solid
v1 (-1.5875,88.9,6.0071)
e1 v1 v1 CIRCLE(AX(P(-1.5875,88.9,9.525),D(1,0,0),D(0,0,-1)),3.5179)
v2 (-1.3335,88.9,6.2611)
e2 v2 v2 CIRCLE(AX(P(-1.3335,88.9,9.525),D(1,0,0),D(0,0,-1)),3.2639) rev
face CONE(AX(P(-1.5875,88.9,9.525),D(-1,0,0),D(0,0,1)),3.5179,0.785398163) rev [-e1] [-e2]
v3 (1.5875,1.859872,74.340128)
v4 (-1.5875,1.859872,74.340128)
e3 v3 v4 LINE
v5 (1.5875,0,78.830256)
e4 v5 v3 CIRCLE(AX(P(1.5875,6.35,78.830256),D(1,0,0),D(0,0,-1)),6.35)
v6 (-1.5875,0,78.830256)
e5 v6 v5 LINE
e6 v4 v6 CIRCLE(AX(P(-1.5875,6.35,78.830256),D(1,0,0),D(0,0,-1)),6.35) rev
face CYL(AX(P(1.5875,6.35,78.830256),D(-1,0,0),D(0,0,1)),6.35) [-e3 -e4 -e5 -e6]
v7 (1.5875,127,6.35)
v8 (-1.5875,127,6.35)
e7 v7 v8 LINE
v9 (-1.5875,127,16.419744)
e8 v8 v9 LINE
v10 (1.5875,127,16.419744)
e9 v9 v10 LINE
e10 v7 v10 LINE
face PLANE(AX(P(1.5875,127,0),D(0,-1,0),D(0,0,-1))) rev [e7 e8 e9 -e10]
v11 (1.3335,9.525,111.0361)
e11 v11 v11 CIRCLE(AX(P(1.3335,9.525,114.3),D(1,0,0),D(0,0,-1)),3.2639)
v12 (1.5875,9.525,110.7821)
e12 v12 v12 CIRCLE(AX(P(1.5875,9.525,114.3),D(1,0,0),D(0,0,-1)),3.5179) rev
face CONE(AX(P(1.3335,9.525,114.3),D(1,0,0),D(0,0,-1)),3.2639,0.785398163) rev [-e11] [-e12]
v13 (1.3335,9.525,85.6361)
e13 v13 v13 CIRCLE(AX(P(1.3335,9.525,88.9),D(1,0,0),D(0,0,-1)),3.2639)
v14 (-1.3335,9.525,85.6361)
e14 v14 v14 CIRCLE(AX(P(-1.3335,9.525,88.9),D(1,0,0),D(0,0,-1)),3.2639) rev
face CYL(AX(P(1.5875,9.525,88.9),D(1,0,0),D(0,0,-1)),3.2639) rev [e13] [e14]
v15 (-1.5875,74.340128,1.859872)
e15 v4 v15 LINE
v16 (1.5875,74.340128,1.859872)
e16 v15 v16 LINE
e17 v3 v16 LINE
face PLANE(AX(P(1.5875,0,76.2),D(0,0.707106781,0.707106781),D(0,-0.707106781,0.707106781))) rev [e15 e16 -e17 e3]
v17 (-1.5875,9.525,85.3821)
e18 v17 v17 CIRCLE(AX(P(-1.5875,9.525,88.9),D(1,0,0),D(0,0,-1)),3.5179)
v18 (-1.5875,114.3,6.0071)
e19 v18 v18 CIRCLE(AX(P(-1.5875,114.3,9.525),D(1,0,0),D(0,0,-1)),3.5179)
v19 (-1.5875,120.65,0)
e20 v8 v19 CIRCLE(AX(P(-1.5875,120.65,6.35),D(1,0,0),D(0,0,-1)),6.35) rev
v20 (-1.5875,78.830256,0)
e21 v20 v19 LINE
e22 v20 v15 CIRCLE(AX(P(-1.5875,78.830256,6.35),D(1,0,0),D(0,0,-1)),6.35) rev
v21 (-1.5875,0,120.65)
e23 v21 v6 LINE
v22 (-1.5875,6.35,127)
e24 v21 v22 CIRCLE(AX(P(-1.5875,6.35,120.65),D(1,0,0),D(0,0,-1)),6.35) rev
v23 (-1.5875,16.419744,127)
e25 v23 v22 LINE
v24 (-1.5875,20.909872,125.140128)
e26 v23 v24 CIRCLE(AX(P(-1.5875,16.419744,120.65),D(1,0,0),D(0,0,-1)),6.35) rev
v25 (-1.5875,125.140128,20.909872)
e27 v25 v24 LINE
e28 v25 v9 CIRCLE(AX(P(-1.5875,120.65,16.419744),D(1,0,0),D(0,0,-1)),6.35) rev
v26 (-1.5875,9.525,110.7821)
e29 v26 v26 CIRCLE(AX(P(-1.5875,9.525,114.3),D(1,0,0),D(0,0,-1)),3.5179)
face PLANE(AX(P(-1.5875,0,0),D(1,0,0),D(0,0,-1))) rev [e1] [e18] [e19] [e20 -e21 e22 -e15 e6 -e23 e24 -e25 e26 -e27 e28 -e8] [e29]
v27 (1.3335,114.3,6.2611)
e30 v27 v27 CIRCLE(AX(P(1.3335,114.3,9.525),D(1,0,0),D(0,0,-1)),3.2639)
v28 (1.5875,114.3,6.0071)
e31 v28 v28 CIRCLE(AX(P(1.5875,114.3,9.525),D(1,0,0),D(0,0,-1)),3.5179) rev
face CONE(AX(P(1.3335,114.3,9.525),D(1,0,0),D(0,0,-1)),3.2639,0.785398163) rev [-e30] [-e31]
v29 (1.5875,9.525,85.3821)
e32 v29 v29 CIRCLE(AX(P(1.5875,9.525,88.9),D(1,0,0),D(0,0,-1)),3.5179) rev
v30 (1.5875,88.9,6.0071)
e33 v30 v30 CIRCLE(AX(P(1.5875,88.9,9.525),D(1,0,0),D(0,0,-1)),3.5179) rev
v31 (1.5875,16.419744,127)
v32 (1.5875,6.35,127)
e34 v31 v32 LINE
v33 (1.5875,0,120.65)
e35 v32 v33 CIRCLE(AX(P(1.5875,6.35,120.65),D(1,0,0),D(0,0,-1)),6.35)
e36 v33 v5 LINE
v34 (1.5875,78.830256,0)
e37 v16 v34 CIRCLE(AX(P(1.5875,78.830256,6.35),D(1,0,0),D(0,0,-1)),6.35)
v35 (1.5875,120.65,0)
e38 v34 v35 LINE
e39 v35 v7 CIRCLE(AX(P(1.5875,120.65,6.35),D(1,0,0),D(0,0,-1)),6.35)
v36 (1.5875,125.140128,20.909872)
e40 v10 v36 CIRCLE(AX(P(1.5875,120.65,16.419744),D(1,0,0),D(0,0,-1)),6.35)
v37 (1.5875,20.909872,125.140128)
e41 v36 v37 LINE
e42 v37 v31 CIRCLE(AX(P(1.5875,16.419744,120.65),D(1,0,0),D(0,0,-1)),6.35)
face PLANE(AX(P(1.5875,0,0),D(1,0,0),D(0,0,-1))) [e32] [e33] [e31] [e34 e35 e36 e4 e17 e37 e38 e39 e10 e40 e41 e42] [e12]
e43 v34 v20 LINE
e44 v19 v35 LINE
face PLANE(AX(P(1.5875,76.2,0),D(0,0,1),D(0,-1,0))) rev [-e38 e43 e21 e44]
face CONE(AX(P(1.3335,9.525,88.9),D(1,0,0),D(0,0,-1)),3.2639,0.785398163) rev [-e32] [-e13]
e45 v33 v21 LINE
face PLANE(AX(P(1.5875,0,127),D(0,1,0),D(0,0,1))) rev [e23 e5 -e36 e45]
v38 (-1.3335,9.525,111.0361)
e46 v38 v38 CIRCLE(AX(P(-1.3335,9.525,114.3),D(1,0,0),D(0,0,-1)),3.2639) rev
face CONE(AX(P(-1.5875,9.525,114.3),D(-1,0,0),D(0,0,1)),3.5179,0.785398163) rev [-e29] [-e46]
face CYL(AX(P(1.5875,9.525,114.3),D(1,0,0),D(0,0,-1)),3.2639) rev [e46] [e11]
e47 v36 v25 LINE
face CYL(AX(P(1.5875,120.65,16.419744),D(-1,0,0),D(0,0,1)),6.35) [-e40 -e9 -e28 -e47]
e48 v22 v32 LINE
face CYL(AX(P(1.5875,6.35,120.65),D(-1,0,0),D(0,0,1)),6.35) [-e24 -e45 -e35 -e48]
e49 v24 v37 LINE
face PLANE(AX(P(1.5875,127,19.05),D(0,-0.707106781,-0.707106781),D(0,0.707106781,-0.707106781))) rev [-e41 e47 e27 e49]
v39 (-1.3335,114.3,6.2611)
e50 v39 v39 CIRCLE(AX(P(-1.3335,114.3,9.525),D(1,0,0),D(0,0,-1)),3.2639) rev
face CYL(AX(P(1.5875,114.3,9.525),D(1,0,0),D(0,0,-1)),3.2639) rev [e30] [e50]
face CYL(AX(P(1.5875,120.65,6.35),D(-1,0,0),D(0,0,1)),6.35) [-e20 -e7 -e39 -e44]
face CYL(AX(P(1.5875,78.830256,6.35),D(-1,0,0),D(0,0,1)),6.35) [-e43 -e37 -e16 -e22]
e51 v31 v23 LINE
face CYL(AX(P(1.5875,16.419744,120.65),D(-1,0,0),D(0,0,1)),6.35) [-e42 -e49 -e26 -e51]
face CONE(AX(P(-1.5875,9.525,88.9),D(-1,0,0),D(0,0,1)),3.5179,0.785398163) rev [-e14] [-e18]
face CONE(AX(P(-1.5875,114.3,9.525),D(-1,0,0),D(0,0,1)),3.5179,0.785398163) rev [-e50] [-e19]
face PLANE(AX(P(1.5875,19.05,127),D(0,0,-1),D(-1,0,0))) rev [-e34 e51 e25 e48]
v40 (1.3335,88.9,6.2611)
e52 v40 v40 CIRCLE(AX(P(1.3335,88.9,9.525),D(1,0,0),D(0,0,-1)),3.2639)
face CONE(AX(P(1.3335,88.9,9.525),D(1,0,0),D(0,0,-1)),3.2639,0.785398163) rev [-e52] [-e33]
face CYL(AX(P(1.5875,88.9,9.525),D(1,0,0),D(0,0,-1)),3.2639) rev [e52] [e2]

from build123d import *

# Parameters (mm, degrees)
BOSS_EXTRUDE1_DEPTH     = 1.5875
F_1_4_CLEARANCE_HOLE1_D = 6.5278
FILLET1_R               = 6.35
CHAMFER1_SIZE           = 0.254


with BuildPart() as part:
    # Sketch1 → Boss-Extrude1 (new, symmetric)
    with BuildSketch(Plane(origin=(0, 0, 0), x_dir=(0, 0, -1), z_dir=(1, 0, 0))):
        Polygon((0, 127), (-19.05, 127), (-127, 19.05), (-127, 0), (-76.2, 0), (0, 76.2), align=None)
    extrude(amount=BOSS_EXTRUDE1_DEPTH, both=True)

    # 1/4 Clearance Hole1 (through all)
    with Locations(Plane(origin=(1.5875, 0, 0), x_dir=(0, 0, -1), z_dir=(1, 0, 0))):
        with Locations((-114.3, 9.525), (-88.9, 9.525), (-9.525, 88.9), (-9.525, 114.3)):
            Hole(F_1_4_CLEARANCE_HOLE1_D / 2)

    # Fillet1
    fillet1_edges = [part.edges().sort_by_distance(p)[0] for p in [
        (0, 76.2, 0),
        (0, 0, 76.2),
        (0, 0, 127),
        (0, 19.05, 127),
        (0, 127, 19.05),
        (0, 127, 0),
    ]]
    fillet(fillet1_edges, radius=FILLET1_R)

    # Chamfer1
    chamfer1_edges = [part.edges().sort_by_distance(p)[0] for p in [
        (1.5875, 114.3, 6.2611),
        (-1.5875, 114.3, 6.2611),
        (1.5875, 88.9, 6.2611),
        (-1.5875, 88.9, 6.2611),
        (1.5875, 9.525, 85.6361),
        (-1.5875, 9.525, 85.6361),
        (1.5875, 9.525, 111.0361),
        (-1.5875, 9.525, 111.0361),
    ]]
    chamfer(chamfer1_edges, length=CHAMFER1_SIZE)


solid = part.part
